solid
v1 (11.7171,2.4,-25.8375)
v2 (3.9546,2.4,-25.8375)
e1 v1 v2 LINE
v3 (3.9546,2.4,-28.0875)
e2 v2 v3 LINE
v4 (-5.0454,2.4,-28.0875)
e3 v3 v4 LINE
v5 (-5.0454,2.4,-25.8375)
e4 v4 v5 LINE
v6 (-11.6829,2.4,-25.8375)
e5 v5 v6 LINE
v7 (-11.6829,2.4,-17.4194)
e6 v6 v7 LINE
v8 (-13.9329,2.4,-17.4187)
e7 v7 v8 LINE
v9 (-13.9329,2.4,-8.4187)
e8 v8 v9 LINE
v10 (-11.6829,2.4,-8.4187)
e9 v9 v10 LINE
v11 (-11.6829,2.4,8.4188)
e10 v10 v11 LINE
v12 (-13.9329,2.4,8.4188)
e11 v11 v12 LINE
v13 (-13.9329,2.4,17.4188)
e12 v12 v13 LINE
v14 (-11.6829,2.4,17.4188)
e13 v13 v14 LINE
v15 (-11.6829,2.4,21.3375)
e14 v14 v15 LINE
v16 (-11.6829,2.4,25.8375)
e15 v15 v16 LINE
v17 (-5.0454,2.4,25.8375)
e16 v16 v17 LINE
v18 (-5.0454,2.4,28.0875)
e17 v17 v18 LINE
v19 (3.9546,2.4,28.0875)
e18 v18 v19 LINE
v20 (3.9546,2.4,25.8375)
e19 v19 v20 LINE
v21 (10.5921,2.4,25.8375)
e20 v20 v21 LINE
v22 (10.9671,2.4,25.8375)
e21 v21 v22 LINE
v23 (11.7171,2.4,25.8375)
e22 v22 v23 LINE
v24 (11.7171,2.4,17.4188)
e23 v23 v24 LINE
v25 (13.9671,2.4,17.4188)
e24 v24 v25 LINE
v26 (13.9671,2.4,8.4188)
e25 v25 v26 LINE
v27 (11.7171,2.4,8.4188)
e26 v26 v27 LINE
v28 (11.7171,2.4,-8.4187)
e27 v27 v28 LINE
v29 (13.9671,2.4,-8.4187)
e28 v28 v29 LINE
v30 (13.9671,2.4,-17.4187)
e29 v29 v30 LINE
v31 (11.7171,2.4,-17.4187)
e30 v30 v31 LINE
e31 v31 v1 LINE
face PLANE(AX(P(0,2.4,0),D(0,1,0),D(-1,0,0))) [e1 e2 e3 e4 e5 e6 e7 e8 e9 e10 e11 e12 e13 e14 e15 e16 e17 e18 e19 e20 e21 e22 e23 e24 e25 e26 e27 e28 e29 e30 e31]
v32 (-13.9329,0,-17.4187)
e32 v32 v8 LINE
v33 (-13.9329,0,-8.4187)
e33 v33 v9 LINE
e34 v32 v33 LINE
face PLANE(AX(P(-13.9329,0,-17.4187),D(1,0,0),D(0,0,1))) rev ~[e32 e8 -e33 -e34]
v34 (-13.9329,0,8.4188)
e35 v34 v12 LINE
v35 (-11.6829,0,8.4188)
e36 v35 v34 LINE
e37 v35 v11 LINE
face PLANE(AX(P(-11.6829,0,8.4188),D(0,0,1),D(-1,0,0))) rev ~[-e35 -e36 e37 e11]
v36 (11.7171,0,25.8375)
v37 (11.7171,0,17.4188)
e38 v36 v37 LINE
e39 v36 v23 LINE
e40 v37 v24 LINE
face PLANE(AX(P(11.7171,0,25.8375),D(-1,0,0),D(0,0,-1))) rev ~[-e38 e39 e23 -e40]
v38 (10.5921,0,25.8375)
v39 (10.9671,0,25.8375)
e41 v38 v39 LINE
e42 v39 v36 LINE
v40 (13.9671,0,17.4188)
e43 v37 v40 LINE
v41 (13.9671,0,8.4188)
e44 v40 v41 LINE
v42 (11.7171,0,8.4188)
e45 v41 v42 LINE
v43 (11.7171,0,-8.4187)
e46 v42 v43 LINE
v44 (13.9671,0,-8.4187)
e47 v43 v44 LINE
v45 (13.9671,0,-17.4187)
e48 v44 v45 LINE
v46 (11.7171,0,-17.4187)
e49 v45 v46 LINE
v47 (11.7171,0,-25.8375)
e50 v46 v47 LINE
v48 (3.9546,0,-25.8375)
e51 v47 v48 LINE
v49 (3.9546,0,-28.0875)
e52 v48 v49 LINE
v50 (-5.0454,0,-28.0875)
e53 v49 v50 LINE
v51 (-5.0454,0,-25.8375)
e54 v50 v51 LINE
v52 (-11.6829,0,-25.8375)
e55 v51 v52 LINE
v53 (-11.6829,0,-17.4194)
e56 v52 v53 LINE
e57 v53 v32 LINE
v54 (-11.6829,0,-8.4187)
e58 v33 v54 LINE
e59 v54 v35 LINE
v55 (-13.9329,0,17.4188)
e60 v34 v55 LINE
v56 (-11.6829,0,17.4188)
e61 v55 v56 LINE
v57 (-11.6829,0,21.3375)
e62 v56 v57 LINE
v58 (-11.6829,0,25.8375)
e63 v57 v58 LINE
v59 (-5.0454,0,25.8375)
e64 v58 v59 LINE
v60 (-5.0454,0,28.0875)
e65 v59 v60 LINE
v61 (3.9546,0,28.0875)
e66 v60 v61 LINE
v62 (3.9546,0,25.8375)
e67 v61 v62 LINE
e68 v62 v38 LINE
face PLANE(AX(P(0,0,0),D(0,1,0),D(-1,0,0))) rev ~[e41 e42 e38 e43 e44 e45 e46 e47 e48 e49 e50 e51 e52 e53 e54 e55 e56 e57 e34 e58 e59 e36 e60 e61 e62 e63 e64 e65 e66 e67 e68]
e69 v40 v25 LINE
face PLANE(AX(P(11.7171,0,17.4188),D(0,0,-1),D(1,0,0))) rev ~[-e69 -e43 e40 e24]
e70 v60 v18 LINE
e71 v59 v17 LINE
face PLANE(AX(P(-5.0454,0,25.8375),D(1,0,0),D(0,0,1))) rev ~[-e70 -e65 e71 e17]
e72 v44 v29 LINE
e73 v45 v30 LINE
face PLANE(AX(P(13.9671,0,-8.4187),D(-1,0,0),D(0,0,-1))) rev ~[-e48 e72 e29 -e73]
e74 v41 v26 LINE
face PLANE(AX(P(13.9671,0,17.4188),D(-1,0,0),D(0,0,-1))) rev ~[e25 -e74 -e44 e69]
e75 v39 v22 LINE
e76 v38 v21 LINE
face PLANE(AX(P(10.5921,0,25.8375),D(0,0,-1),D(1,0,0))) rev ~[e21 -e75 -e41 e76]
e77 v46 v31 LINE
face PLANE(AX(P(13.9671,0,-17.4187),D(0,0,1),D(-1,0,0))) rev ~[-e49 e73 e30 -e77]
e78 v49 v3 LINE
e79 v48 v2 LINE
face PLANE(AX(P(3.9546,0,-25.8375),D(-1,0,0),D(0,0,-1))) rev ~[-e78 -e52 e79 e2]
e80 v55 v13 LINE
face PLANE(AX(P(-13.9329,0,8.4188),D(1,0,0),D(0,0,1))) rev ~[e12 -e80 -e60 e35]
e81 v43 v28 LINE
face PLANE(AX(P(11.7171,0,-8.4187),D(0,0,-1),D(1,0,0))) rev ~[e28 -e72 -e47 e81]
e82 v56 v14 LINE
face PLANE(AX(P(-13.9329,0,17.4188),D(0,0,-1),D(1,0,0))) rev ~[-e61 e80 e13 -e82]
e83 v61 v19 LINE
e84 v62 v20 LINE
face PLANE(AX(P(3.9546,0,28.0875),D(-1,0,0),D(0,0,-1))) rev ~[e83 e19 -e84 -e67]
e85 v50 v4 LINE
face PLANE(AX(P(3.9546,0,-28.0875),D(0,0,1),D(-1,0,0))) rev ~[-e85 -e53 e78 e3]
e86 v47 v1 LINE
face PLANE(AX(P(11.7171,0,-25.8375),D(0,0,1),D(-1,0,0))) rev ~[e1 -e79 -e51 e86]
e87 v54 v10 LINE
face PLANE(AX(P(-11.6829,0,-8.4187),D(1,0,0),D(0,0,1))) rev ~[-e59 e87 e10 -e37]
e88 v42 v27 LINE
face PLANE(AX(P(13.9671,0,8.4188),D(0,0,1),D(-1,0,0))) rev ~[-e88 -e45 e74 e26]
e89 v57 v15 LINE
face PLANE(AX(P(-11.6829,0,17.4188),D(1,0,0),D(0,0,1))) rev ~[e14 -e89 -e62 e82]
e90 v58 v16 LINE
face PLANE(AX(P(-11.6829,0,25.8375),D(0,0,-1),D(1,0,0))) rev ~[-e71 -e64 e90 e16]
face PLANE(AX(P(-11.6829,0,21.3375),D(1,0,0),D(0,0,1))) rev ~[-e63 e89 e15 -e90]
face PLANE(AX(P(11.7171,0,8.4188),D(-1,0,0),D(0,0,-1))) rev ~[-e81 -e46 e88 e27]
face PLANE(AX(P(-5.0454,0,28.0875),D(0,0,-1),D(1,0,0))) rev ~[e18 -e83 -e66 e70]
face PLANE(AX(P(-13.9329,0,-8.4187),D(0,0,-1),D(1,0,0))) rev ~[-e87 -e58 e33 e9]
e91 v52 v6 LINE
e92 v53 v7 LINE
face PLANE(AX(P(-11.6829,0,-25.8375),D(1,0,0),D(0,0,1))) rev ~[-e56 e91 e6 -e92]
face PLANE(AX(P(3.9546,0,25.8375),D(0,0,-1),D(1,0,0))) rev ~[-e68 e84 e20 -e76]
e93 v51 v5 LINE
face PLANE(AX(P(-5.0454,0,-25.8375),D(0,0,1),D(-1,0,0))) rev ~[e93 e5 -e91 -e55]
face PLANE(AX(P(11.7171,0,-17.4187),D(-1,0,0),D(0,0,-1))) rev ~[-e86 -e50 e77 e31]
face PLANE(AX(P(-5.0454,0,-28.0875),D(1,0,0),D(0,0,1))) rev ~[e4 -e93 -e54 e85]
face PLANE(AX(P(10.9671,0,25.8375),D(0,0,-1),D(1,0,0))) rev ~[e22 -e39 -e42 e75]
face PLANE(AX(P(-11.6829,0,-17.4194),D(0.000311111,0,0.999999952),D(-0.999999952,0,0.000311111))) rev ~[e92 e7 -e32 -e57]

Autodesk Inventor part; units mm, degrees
ref_plane "YZ Plane" through (0, 0, 0) normal (1, 0, 0) x (0, 1, 0)
ref_plane "XZ Plane" through (0, 0, 0) normal (0, 1, 0) x (-1, 0, 0)
ref_plane "XY Plane" through (0, 0, 0) normal (0, 0, 1) x (1, 0, 0)
sketch "Boceto1" plane through (0, 0, 0) normal (0, 1, 0) x (-1, 0, 0)
  line L0 (-11.7171, -8.4187) -> (-13.9671, -8.4187)
  line L1 (-13.9671, -8.4187) -> (-13.9671, -17.4187)
  line L2 (-13.9671, -17.4187) -> (-11.7171, -17.4187)
  line L3 (-11.7171, -17.4187) -> (-11.7171, -25.8375)
  line L4 (-11.7171, -25.8375) -> (-3.9546, -25.8375)
  line L5 (-3.9546, -25.8375) -> (-3.9546, -28.0875)
  line L6 (-3.9546, -28.0875) -> (5.0454, -28.0875)
  line L7 (5.0454, -28.0875) -> (5.0454, -25.8375)
  line L8 (5.0454, -25.8375) -> (11.6829, -25.8375)
  line L9 (11.6829, -25.8375) -> (11.6829, -17.4194)
  line L10 (11.6829, -17.4194) -> (13.9329, -17.4187)
  line L11 (13.9329, -17.4187) -> (13.9329, -8.4187)
  line L12 (13.9329, -8.4187) -> (11.6829, -8.4187)
  line L13 (11.6829, -8.4187) -> (11.6829, 8.4188)
  line L14 (11.6829, 8.4188) -> (13.9329, 8.4188)
  line L15 (13.9329, 8.4188) -> (13.9329, 17.4188)
  line L16 (13.9329, 17.4188) -> (11.6829, 17.4188)
  line L17 (11.6829, 17.4188) -> (11.6829, 21.3375)
  line L18 (11.6829, 21.3375) -> (11.6829, 25.8375)
  line L19 (11.6829, 25.8375) -> (5.0454, 25.8375)
  line L20 (5.0454, 25.8375) -> (5.0454, 28.0875)
  line L21 (5.0454, 28.0875) -> (-3.9546, 28.0875)
  line L22 (-3.9546, 28.0875) -> (-3.9546, 25.8375)
  line L23 (-3.9546, 25.8375) -> (-10.5921, 25.8375)
  line L24 (-10.5921, 25.8375) -> (-10.9671, 25.8375)
  line L25 (-10.9671, 25.8375) -> (-11.7171, 25.8375)
  line L26 (-11.7171, 25.8375) -> (-11.7171, 17.4188)
  line L27 (-11.7171, 17.4188) -> (-13.9671, 17.4188)
  line L28 (-13.9671, 17.4188) -> (-13.9671, 8.4188)
  line L29 (-13.9671, 8.4188) -> (-11.7171, 8.4188)
  line L30 (-11.7171, 8.4188) -> (-11.7171, -8.4187)
extrude "Extrusión1" add sketch "Boceto1" along normal blind 2.4
properties part number "costat2"
